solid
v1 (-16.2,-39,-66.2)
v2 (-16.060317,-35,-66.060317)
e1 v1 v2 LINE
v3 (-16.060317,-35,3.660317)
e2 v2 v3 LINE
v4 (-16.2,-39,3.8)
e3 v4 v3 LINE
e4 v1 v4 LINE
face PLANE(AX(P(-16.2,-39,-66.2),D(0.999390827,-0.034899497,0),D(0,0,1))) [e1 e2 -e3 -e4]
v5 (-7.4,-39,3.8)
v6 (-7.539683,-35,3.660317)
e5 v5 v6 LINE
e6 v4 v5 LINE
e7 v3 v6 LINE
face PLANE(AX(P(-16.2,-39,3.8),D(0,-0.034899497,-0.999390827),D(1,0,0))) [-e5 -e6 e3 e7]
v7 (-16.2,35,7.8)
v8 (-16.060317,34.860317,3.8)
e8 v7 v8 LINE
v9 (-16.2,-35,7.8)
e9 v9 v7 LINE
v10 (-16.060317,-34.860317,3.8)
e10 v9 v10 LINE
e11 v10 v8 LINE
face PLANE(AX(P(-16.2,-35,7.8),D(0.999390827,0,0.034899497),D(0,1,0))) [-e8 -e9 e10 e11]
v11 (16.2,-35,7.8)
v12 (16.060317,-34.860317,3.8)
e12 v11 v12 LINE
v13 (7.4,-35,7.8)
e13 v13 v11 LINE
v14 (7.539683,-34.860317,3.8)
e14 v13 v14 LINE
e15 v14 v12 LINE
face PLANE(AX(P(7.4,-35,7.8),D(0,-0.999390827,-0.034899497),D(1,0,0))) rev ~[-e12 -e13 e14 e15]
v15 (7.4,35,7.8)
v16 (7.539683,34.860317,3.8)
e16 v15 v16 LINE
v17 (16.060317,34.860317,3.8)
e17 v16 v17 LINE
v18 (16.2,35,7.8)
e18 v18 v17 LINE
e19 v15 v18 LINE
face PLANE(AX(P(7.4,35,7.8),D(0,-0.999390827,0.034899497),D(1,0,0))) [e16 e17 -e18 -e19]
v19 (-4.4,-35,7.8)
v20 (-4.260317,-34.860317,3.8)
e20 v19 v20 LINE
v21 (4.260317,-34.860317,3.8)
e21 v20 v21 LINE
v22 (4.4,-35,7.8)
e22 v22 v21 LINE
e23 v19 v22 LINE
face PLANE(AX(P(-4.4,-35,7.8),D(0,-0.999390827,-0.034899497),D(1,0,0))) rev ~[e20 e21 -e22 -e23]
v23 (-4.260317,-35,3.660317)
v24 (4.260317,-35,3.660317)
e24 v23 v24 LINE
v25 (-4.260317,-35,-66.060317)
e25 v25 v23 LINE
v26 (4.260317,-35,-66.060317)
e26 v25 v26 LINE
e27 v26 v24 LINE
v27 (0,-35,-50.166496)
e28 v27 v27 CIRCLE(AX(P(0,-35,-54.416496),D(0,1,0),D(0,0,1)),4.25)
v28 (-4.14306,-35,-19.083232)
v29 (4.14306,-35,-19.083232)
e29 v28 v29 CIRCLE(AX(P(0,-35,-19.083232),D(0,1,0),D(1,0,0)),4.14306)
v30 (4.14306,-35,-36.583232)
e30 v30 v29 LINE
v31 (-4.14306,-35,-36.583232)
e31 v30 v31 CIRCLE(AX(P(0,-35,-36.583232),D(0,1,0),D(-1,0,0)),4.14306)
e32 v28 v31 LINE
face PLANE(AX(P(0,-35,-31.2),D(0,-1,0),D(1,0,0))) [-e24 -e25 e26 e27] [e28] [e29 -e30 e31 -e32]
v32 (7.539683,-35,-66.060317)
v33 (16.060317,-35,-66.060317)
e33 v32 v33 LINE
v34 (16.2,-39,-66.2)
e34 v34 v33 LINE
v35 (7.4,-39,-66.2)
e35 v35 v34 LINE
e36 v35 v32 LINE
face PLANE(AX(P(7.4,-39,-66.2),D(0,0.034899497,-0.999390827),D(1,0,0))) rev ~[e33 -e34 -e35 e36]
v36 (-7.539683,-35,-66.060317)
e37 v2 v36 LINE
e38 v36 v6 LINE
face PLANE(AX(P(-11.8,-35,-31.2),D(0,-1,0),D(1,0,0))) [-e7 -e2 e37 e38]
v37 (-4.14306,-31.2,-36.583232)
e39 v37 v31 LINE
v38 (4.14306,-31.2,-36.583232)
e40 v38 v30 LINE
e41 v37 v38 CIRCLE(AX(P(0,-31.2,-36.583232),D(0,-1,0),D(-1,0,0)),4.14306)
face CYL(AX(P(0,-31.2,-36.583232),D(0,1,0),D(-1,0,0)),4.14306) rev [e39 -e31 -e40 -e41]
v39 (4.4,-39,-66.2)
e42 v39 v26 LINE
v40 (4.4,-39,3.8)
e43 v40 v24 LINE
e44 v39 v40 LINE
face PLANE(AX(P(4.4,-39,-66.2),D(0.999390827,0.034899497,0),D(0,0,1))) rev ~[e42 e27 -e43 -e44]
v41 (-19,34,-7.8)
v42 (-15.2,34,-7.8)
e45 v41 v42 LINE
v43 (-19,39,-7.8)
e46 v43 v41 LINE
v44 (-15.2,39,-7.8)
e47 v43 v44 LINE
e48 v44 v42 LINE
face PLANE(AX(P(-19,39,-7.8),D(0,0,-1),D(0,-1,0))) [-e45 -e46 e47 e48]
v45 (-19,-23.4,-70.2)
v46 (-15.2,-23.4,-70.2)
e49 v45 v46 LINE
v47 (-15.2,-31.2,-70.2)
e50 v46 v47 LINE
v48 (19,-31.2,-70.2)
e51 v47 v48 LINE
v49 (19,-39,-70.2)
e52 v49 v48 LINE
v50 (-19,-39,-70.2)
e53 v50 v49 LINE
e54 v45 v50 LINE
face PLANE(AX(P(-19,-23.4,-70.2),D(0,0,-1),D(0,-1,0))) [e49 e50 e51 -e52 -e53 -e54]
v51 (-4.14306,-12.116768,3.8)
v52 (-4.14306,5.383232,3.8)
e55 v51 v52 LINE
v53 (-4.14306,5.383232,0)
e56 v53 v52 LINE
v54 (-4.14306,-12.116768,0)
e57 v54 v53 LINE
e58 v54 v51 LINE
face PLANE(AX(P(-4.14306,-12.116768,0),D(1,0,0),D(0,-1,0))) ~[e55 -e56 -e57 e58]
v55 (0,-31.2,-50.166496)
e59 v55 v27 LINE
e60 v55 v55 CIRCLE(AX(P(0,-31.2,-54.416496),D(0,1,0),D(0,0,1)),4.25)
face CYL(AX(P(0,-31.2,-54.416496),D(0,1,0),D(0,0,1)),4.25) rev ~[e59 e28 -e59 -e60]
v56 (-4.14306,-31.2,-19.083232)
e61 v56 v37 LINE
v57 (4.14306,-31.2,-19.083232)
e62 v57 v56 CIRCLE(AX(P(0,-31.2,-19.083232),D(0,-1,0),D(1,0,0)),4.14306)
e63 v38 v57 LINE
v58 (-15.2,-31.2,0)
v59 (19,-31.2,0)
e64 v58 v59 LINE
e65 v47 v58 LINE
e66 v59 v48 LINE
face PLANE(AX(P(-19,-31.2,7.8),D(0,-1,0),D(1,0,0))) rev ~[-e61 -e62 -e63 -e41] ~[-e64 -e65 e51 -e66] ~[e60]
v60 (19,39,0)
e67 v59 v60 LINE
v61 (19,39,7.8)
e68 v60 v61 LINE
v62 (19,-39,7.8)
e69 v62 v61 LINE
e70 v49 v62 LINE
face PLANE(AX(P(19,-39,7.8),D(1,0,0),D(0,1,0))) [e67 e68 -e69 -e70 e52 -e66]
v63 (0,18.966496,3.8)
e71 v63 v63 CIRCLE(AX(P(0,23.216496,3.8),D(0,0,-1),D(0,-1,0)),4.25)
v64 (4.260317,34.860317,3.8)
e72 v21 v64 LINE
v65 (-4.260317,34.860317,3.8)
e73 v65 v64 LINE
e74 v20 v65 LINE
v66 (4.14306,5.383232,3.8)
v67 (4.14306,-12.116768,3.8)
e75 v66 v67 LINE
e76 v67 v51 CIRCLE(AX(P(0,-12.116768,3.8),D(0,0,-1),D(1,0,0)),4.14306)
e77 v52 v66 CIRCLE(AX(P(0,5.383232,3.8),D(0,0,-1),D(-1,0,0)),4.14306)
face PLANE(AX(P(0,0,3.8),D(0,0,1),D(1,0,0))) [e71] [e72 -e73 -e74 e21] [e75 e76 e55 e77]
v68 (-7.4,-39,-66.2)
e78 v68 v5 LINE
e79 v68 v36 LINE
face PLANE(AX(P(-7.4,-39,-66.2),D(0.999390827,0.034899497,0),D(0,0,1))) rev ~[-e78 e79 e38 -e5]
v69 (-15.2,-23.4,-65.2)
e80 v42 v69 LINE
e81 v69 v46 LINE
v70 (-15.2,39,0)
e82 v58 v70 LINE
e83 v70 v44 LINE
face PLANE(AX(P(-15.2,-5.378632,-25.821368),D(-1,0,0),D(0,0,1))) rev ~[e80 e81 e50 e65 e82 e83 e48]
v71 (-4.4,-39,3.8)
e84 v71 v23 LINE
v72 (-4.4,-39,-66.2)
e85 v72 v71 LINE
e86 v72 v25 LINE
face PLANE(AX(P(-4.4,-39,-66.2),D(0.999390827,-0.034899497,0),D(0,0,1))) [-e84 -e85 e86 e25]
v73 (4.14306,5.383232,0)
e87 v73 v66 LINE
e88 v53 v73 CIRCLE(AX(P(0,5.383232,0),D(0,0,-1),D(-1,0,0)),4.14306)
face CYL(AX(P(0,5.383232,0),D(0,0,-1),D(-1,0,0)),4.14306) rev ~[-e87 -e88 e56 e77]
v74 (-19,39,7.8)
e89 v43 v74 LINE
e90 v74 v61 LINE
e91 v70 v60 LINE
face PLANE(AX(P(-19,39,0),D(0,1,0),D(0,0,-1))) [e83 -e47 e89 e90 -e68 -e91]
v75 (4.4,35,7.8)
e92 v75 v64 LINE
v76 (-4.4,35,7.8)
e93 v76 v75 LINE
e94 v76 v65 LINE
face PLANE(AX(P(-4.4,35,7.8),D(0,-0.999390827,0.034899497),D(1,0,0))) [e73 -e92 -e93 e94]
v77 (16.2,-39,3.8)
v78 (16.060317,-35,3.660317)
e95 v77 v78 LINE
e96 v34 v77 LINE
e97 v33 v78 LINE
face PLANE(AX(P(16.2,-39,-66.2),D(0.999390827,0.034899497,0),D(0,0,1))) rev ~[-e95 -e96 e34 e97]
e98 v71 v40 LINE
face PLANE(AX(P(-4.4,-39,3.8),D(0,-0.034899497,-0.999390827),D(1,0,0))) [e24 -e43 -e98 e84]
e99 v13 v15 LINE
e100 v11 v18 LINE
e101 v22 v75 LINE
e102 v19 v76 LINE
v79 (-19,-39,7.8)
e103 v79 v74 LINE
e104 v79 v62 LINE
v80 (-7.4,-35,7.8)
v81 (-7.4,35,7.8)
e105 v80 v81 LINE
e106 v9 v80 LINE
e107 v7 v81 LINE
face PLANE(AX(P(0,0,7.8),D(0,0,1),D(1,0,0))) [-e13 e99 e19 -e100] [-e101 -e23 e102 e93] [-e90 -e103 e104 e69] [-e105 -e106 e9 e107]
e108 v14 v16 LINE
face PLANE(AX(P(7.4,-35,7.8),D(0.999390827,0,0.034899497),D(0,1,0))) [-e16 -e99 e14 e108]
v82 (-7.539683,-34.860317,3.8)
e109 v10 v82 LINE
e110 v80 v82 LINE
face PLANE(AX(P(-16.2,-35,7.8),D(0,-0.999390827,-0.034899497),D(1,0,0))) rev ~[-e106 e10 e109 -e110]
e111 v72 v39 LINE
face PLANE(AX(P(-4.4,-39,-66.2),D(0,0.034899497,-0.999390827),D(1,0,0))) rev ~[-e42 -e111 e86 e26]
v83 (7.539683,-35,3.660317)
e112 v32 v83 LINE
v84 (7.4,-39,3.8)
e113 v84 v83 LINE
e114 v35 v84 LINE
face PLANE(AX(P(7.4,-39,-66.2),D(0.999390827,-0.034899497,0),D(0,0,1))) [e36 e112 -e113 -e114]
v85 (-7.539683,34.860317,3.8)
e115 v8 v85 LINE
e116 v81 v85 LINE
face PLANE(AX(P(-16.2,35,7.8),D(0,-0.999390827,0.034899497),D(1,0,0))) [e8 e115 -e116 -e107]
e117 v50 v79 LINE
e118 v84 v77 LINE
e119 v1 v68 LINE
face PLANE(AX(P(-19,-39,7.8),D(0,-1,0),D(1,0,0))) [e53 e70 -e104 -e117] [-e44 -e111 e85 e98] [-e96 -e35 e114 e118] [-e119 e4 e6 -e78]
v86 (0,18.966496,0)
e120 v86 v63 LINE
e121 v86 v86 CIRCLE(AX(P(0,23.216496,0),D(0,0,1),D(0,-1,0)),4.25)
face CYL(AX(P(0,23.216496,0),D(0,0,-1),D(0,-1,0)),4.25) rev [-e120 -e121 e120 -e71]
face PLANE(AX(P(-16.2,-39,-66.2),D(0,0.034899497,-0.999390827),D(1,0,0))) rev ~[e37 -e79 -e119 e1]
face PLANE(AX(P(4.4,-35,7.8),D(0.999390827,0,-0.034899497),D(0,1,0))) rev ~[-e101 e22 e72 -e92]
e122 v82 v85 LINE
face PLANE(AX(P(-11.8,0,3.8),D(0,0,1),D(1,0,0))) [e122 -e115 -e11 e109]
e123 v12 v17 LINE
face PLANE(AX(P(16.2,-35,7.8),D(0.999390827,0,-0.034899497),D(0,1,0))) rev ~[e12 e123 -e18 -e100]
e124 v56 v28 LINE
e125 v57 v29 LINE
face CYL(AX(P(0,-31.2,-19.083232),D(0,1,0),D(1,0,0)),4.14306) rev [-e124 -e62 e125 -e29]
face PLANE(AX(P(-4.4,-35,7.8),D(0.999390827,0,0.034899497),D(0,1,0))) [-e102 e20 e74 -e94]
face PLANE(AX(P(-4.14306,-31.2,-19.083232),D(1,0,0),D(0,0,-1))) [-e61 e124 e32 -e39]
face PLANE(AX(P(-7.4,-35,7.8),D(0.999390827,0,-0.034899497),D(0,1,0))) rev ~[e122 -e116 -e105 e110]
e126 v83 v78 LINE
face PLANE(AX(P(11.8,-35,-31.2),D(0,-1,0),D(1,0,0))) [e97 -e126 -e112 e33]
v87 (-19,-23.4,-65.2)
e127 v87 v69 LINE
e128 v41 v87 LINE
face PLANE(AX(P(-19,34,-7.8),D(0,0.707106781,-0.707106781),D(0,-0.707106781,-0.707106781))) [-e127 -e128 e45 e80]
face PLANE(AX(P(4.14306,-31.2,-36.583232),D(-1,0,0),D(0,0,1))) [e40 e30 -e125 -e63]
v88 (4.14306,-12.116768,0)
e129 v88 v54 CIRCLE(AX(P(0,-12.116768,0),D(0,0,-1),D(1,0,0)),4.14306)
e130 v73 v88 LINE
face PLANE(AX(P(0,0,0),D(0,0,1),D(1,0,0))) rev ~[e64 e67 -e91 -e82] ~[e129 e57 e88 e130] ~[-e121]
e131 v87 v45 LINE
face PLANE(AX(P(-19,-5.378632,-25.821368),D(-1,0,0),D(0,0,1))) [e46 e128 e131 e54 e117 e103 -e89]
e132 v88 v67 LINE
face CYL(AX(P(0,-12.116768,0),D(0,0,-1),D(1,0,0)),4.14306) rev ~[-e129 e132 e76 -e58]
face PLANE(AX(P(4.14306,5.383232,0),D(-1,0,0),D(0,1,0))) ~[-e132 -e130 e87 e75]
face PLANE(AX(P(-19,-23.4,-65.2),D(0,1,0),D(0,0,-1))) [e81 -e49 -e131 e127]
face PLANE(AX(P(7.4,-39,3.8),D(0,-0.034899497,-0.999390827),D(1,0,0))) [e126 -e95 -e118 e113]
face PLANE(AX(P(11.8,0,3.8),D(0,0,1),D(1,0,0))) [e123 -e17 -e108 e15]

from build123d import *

# Parameters (mm, degrees)
SKETCH_1_W                    = 38
SKETCH_1_H                    = 78
EXTRUDE_1_DEPTH               = 7.8
SKETCH_3_W                    = 38
SKETCH_3_H                    = 7.8
EXTRUDE_2_DEPTH               = 78
EXTRUDE_3_DEPTH               = 3.8
SKETCH_5_R                    = 4.25
CUT_EXTRUDE_1_DEPTH           = 102.079572615
SKETCH_6_W                    = 8.8
SKETCH_6_H                    = 70
CUT_EXTRUDE_2_DEPTH           = 4
CUT_EXTRUDE_2_DRAFT           = -2
CUT_EXTRUDE_2_PROFILE_2_DEPTH = 4
CUT_EXTRUDE_2_PROFILE_2_DRAFT = -2
CUT_EXTRUDE_2_PROFILE_3_DEPTH = 4
CUT_EXTRUDE_2_PROFILE_3_DRAFT = -2
SKETCH_7_W                    = 8.8
SKETCH_7_H                    = 70
CUT_EXTRUDE_3_DEPTH           = 4
CUT_EXTRUDE_3_DRAFT           = -2
CUT_EXTRUDE_3_PROFILE_2_DEPTH = 4
CUT_EXTRUDE_3_PROFILE_2_DRAFT = -2
CUT_EXTRUDE_3_PROFILE_3_DEPTH = 4
CUT_EXTRUDE_3_PROFILE_3_DRAFT = -2


with BuildPart() as part:
    # 草图1 → 凸台-拉伸1 (new body)
    with BuildSketch(Plane.XY):
        Rectangle(SKETCH_1_W, SKETCH_1_H)
    extrude(amount=EXTRUDE_1_DEPTH)

    # 草图3 → 凸台-拉伸2 (add)
    with BuildSketch(Plane.XY.offset(7.8)):
        with Locations((0, -35.1)):
            Rectangle(SKETCH_3_W, SKETCH_3_H)
    extrude(amount=-EXTRUDE_2_DEPTH)

    # 草图4 → 凸台-拉伸3 (add)
    with BuildSketch(Plane.ZY.offset(19)):
        Polygon((0, 39), (-7.8, 39), (-7.8, 34), (-65.2, -23.4), (-70.2, -23.4), (-70.2, -31.2), (0, -31.2), align=None)
    extrude(amount=-EXTRUDE_3_DEPTH)

    # 草图5 → 切除-拉伸1 (cut, through all)
    with BuildSketch(Plane(origin=(0, -31.2, 0), x_dir=(1, 0, 0), z_dir=(0, 1, 0))):
        with Locations(Location((0, 54.416495981, 0), (0, 0, 270))):
            Circle(SKETCH_5_R)
        with BuildLine():
            Line((-4.1430597, 19.083232121), (-4.1430597, 36.583232121))
            ThreePointArc((-4.1430597, 36.583232121), (0, 40.726291822), (4.1430597, 36.583232121))
            Line((4.1430597, 36.583232121), (4.1430597, 19.083232121))
            ThreePointArc((4.1430597, 19.083232121), (0, 14.940172421), (-4.1430597, 19.083232121))
        make_face()
    cut_extrude_1 = extrude(amount=-CUT_EXTRUDE_1_DEPTH, mode=Mode.SUBTRACT)

    # 镜向1: 切除-拉伸1 across plane
    add(cut_extrude_1.mirror(Plane(origin=(0, -15.6, -15.6), x_dir=(0, -0.7071067811865478, 0.7071067811865474), z_dir=(0, 0.7071067811865472, 0.7071067811865478))), mode=Mode.SUBTRACT)


with BuildPart() as cut_extrude_2_tool:
    # 草图6 → 切除-拉伸2 (with draft: the straight prism first)
    with BuildSketch(Plane.XZ.offset(39)):
        with Locations((-11.8, -31.2)):
            Rectangle(SKETCH_6_W, SKETCH_6_H)
    extrude(amount=-CUT_EXTRUDE_2_DEPTH)
    # 切除-拉伸2: the draft: its side faces are tilted about the plane it starts from
    cut_extrude_2_sides = [cut_extrude_2_tool.faces().sort_by_distance(p)[0] for p in [
        (-16.2, -37, -31.2),
        (-11.8, -37, -66.2),
        (-7.4, -37, -31.2),
        (-11.8, -37, 3.8),
    ]]
    draft(cut_extrude_2_sides, Plane.XZ.offset(39), CUT_EXTRUDE_2_DRAFT)


with BuildPart() as part_1:
    add(part.part)

    # 切除-拉伸2: cut by cut_extrude_2_tool
    add(cut_extrude_2_tool.part, mode=Mode.SUBTRACT)


with BuildPart() as cut_extrude_2_profile_2_tool:
    # 草图6 → 切除-拉伸2 profile 2 (with draft: the straight prism first)
    with BuildSketch(Plane.XZ.offset(39)):
        with Locations((0, -31.2)):
            Rectangle(SKETCH_6_W, SKETCH_6_H)
    extrude(amount=-CUT_EXTRUDE_2_PROFILE_2_DEPTH)
    # 切除-拉伸2 profile 2: the draft: its side faces are tilted about the plane it starts from
    cut_extrude_2_profile_2_sides = [cut_extrude_2_profile_2_tool.faces().sort_by_distance(p)[0] for p in [
        (-4.4, -37, -31.2),
        (0, -37, -66.2),
        (4.4, -37, -31.2),
        (0, -37, 3.8),
    ]]
    draft(cut_extrude_2_profile_2_sides, Plane.XZ.offset(39), CUT_EXTRUDE_2_PROFILE_2_DRAFT)


with BuildPart() as part_2:
    add(part_1.part)

    # 切除-拉伸2 profile 2: cut by cut_extrude_2_profile_2_tool
    add(cut_extrude_2_profile_2_tool.part, mode=Mode.SUBTRACT)


with BuildPart() as cut_extrude_2_profile_3_tool:
    # 草图6 → 切除-拉伸2 profile 3 (with draft: the straight prism first)
    with BuildSketch(Plane.XZ.offset(39)):
        with Locations((11.8, -31.2)):
            Rectangle(SKETCH_6_W, SKETCH_6_H)
    extrude(amount=-CUT_EXTRUDE_2_PROFILE_3_DEPTH)
    # 切除-拉伸2 profile 3: the draft: its side faces are tilted about the plane it starts from
    cut_extrude_2_profile_3_sides = [cut_extrude_2_profile_3_tool.faces().sort_by_distance(p)[0] for p in [
        (7.4, -37, -31.2),
        (11.8, -37, -66.2),
        (16.2, -37, -31.2),
        (11.8, -37, 3.8),
    ]]
    draft(cut_extrude_2_profile_3_sides, Plane.XZ.offset(39), CUT_EXTRUDE_2_PROFILE_3_DRAFT)


with BuildPart() as part_3:
    add(part_2.part)

    # 切除-拉伸2 profile 3: cut by cut_extrude_2_profile_3_tool
    add(cut_extrude_2_profile_3_tool.part, mode=Mode.SUBTRACT)


with BuildPart() as cut_extrude_3_tool:
    # 草图7 → 切除-拉伸3 (with draft: the straight prism first)
    with BuildSketch(Plane.XY.offset(7.8)):
        Rectangle(SKETCH_7_W, SKETCH_7_H)
    extrude(amount=-CUT_EXTRUDE_3_DEPTH)
    # 切除-拉伸3: the draft: its side faces are tilted about the plane it starts from
    cut_extrude_3_sides = [cut_extrude_3_tool.faces().sort_by_distance(p)[0] for p in [
        (-4.4, 0, 5.8),
        (0, -35, 5.8),
        (4.4, 0, 5.8),
        (0, 35, 5.8),
    ]]
    draft(cut_extrude_3_sides, Plane.XY.offset(7.8), CUT_EXTRUDE_3_DRAFT)


with BuildPart() as part_4:
    add(part_3.part)

    # 切除-拉伸3: cut by cut_extrude_3_tool
    add(cut_extrude_3_tool.part, mode=Mode.SUBTRACT)


with BuildPart() as cut_extrude_3_profile_2_tool:
    # 草图7 → 切除-拉伸3 profile 2 (with draft: the straight prism first)
    with BuildSketch(Plane.XY.offset(7.8)):
        with Locations((-11.8, 0)):
            Rectangle(SKETCH_7_W, SKETCH_7_H)
    extrude(amount=-CUT_EXTRUDE_3_PROFILE_2_DEPTH)
    # 切除-拉伸3 profile 2: the draft: its side faces are tilted about the plane it starts from
    cut_extrude_3_profile_2_sides = [cut_extrude_3_profile_2_tool.faces().sort_by_distance(p)[0] for p in [
        (-16.2, 0, 5.8),
        (-11.8, -35, 5.8),
        (-7.4, 0, 5.8),
        (-11.8, 35, 5.8),
    ]]
    draft(cut_extrude_3_profile_2_sides, Plane.XY.offset(7.8), CUT_EXTRUDE_3_PROFILE_2_DRAFT)


with BuildPart() as part_5:
    add(part_4.part)

    # 切除-拉伸3 profile 2: cut by cut_extrude_3_profile_2_tool
    add(cut_extrude_3_profile_2_tool.part, mode=Mode.SUBTRACT)


with BuildPart() as cut_extrude_3_profile_3_tool:
    # 草图7 → 切除-拉伸3 profile 3 (with draft: the straight prism first)
    with BuildSketch(Plane.XY.offset(7.8)):
        with Locations((11.8, 0)):
            Rectangle(SKETCH_7_W, SKETCH_7_H)
    extrude(amount=-CUT_EXTRUDE_3_PROFILE_3_DEPTH)
    # 切除-拉伸3 profile 3: the draft: its side faces are tilted about the plane it starts from
    cut_extrude_3_profile_3_sides = [cut_extrude_3_profile_3_tool.faces().sort_by_distance(p)[0] for p in [
        (7.4, 0, 5.8),
        (11.8, -35, 5.8),
        (16.2, 0, 5.8),
        (11.8, 35, 5.8),
    ]]
    draft(cut_extrude_3_profile_3_sides, Plane.XY.offset(7.8), CUT_EXTRUDE_3_PROFILE_3_DRAFT)


with BuildPart() as part_6:
    add(part_5.part)

    # 切除-拉伸3 profile 3: cut by cut_extrude_3_profile_3_tool
    add(cut_extrude_3_profile_3_tool.part, mode=Mode.SUBTRACT)


solid = part_6.part
